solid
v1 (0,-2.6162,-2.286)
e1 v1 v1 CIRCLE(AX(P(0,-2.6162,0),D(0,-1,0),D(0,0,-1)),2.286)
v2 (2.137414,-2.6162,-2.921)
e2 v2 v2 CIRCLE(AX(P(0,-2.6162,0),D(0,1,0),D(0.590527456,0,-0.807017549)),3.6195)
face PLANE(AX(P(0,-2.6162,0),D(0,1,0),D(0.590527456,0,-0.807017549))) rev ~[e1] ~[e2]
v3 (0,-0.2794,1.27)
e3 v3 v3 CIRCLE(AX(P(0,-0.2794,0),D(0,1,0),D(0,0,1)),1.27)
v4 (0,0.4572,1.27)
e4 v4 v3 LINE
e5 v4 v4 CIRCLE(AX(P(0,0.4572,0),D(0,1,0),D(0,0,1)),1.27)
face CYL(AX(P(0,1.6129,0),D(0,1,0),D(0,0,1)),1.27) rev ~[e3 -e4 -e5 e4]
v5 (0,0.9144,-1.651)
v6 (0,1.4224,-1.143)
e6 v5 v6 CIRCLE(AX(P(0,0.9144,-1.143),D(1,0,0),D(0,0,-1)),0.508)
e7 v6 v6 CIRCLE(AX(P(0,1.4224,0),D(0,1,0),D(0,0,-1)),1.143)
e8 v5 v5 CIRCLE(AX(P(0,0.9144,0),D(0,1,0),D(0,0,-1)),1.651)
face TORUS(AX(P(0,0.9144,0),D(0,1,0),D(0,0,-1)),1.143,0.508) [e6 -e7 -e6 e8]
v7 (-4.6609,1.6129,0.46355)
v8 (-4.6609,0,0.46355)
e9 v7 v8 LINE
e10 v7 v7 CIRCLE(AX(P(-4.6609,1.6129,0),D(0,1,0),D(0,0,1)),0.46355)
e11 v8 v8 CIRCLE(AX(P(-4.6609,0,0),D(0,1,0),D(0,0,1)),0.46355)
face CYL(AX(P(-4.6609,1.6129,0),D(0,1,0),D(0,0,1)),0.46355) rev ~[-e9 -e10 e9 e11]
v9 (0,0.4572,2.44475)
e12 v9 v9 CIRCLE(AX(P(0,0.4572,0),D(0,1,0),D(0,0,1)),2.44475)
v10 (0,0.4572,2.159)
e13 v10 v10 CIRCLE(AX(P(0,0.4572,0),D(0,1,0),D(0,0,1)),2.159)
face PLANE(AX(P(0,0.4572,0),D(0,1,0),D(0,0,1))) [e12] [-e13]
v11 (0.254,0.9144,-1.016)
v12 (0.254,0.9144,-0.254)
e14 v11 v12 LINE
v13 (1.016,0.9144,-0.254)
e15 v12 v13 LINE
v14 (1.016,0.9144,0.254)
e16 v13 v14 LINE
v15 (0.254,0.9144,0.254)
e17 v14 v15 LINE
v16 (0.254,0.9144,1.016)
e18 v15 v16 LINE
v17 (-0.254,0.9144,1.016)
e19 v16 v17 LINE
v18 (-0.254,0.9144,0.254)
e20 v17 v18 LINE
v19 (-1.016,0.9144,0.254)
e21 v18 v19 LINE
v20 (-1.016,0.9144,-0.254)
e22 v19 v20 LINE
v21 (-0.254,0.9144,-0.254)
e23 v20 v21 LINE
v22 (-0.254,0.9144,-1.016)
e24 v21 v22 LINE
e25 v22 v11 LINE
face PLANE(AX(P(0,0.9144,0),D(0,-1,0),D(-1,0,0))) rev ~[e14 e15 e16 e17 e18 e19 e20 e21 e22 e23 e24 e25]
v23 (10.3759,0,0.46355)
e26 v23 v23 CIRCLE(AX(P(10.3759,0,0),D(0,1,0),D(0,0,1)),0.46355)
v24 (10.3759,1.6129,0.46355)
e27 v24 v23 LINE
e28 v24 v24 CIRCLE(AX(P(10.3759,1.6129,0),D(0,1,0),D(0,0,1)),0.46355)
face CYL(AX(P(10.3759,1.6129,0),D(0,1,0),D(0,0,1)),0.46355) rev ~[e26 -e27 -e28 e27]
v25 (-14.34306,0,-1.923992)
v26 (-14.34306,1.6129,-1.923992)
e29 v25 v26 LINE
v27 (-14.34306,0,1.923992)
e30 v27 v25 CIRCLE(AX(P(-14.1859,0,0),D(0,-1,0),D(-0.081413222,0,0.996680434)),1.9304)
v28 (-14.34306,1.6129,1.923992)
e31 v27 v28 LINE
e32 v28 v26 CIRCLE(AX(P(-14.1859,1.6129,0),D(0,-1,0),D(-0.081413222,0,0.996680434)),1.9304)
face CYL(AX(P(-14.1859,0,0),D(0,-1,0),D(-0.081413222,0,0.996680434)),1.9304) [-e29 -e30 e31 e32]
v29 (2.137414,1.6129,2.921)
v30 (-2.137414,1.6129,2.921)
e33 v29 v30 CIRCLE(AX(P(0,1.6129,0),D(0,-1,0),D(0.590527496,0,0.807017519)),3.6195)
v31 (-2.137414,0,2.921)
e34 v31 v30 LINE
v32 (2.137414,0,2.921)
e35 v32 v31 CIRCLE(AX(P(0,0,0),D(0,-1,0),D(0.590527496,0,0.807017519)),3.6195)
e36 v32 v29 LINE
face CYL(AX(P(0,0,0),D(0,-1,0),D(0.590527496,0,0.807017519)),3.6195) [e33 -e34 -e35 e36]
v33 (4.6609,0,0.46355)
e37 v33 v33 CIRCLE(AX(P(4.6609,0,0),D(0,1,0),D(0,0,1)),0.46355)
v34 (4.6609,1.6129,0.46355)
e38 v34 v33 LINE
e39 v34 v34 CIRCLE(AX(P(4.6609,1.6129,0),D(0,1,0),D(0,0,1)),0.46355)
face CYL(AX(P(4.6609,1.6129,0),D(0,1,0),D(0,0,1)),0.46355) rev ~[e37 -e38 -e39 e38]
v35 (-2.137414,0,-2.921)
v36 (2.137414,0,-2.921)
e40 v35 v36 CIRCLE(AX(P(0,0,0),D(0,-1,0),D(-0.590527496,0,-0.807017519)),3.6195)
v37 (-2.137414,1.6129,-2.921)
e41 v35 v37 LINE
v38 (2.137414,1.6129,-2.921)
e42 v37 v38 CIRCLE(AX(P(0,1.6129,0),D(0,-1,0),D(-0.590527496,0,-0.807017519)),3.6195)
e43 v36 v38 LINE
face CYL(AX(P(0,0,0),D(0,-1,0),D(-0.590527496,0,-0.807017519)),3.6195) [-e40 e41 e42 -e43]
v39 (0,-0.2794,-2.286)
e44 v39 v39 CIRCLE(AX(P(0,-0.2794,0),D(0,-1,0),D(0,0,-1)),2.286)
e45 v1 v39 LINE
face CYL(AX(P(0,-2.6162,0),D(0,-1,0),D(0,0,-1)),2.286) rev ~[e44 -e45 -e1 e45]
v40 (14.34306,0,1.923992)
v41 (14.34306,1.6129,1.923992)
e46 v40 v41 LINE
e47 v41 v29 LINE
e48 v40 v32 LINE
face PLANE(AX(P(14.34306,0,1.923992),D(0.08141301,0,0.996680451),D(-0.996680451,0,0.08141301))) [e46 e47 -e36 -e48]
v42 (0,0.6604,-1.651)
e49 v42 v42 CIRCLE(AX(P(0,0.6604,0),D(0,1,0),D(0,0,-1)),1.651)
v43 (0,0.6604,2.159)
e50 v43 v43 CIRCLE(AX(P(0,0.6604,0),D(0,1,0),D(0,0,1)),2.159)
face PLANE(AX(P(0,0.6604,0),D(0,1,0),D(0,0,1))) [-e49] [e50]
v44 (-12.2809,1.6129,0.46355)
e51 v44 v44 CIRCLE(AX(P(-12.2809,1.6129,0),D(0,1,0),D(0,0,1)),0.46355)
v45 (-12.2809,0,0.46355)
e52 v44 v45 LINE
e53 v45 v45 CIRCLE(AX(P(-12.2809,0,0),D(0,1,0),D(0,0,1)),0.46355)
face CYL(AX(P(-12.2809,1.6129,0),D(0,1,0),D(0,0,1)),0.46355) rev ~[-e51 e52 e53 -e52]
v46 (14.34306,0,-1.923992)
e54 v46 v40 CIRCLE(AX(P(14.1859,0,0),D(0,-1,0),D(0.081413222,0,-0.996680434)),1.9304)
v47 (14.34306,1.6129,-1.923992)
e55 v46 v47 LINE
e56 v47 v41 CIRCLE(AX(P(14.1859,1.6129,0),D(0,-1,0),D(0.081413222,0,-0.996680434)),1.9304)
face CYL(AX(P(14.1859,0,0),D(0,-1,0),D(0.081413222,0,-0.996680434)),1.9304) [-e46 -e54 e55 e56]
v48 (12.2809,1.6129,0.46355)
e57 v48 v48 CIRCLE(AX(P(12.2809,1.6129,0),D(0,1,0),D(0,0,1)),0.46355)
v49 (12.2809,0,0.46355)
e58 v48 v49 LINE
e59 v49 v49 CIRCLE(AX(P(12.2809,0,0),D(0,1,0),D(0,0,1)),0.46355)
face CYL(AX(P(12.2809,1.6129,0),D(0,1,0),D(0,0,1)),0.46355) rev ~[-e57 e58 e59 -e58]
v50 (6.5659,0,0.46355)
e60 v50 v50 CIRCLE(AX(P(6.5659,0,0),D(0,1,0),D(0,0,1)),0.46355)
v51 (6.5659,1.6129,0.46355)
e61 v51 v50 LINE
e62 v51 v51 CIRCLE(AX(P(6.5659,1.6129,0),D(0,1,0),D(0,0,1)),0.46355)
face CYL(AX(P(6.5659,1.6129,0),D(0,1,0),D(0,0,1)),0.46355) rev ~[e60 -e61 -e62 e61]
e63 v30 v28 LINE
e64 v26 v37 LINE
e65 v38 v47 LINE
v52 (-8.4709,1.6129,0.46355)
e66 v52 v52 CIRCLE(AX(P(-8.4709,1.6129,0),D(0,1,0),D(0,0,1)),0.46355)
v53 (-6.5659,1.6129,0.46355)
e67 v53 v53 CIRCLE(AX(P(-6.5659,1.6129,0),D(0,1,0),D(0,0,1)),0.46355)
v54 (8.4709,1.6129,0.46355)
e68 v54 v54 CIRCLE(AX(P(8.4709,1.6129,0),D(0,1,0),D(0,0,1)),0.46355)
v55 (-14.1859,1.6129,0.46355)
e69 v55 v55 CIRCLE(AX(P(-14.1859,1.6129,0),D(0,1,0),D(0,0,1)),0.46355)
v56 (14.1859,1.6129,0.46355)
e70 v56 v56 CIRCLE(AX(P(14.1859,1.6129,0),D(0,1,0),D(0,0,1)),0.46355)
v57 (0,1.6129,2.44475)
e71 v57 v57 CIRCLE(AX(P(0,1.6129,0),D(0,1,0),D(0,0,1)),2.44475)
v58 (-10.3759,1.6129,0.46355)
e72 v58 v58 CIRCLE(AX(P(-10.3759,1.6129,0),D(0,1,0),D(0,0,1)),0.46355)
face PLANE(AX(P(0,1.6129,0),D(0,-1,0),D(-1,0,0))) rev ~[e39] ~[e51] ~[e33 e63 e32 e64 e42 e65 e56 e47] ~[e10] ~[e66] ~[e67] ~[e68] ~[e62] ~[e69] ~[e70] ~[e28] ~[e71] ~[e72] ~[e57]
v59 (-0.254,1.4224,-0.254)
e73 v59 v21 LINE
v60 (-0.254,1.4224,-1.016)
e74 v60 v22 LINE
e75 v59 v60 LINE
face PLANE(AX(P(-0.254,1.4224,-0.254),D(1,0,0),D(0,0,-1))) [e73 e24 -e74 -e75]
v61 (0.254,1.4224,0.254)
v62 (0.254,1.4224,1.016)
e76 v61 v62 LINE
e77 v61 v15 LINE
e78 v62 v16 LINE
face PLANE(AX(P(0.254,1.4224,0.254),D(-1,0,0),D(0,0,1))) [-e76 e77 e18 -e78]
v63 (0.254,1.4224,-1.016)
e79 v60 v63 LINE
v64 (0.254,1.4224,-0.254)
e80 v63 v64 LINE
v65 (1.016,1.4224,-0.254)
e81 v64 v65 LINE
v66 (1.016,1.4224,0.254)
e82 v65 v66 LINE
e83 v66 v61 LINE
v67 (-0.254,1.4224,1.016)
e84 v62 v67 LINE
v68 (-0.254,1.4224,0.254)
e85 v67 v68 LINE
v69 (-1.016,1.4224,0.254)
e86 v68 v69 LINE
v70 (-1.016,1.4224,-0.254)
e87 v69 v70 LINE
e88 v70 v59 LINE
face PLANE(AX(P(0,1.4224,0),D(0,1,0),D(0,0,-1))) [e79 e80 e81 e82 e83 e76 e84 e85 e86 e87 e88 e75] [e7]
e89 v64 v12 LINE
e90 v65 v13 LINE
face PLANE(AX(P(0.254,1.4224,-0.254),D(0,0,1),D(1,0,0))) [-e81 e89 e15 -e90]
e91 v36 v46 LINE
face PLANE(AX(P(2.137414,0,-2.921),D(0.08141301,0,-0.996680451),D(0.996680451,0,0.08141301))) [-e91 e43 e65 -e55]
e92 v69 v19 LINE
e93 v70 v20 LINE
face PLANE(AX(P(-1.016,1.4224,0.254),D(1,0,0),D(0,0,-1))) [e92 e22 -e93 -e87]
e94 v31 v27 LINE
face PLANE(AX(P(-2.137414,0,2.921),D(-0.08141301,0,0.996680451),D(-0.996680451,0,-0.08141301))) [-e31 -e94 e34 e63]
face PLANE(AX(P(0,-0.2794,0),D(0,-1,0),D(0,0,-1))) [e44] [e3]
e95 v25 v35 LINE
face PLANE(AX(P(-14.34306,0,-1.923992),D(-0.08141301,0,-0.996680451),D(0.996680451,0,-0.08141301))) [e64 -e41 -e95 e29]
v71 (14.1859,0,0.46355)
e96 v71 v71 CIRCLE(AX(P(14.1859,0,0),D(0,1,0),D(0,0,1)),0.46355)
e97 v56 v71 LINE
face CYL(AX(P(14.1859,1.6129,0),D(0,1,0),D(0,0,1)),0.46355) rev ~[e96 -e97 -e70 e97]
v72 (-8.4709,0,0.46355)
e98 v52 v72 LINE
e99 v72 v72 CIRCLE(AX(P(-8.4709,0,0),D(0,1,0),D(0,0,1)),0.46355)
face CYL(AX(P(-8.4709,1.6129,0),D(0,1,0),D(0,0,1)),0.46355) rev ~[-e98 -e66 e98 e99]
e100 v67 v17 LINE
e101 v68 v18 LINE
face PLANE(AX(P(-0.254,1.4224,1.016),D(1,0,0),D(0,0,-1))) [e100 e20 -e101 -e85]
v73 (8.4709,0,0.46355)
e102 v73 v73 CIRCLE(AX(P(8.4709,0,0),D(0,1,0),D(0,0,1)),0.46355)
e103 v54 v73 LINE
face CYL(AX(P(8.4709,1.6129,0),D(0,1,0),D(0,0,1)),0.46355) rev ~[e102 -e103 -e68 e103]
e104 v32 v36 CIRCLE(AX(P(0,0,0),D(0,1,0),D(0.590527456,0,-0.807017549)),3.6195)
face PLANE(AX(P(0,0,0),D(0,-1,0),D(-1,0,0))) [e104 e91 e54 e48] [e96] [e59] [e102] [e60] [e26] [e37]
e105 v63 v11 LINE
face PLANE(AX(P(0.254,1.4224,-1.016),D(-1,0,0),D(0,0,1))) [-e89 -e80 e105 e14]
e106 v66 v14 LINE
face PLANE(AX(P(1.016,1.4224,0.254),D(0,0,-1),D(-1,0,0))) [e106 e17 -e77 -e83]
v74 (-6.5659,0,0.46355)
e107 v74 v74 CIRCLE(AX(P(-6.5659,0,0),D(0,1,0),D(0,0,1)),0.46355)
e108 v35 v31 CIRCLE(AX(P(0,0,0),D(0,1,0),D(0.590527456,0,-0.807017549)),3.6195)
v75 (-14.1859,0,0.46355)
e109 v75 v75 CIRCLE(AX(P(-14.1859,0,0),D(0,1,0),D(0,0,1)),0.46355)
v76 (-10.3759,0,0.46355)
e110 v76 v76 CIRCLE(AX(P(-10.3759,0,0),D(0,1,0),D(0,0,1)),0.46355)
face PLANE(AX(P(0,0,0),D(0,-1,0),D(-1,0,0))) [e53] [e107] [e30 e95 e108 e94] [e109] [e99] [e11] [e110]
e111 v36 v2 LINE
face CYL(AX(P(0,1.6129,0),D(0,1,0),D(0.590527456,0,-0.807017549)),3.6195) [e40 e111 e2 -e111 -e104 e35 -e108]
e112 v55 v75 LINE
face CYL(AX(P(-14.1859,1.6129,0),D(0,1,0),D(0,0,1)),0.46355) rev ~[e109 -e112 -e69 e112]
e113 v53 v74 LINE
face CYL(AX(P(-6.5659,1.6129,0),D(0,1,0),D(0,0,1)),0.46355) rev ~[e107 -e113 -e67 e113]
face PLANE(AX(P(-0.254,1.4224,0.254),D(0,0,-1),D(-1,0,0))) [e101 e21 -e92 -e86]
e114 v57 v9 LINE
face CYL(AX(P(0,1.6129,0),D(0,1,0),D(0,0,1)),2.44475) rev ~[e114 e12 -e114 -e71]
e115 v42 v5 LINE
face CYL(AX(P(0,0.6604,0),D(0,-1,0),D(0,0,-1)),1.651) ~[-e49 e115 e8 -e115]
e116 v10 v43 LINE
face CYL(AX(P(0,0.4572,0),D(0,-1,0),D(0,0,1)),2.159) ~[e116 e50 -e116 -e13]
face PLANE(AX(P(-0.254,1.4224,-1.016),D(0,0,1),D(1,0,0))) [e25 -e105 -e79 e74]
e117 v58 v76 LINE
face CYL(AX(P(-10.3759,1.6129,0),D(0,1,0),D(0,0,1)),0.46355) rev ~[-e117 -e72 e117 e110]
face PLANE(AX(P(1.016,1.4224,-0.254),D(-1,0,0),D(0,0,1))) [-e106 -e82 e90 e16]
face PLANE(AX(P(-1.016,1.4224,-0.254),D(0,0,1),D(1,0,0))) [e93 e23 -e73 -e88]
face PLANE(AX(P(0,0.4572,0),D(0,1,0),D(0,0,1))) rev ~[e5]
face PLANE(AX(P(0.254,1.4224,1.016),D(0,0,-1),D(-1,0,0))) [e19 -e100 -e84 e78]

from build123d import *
from build123d.topology import SkipClean

# Parameters (mm, degrees)
EXTRUDE17_DEPTH = 1.6129
SKETCH19_R      = 3.6195
EXTRUDE19_DEPTH = 4.2291
SKETCH20_R      = 0.46355
SKETCH20_R_2    = 1.27
EXTRUDE20_DEPTH = 18.050548
SKETCH21_R      = 2.44475
EXTRUDE21_DEPTH = 1.1557
SKETCH22_R      = 2.286
EXTRUDE22_DEPTH = 2.3368
SKETCH23_R      = 2.159
EXTRUDE23_DEPTH = 0.2032
SKETCH24_R      = 1.651
EXTRUDE24_DEPTH = 0.762
EXTRUDE25_DEPTH = 0.508
FILLET1_R       = 0.508


with BuildPart() as part:
    # Sketch18 → Extrude17 (new body)
    with BuildSketch(Plane(origin=(0, 0, 0), x_dir=(1, 0, 0), z_dir=(0, 1, 0))):
        with BuildLine():
            Line((-14.34306, 1.923992), (-2.137414, 2.921))
            ThreePointArc((-2.137414, 2.921), (0, 3.6195), (2.137414, 2.921))
            Line((2.137414, 2.921), (14.34306, 1.923992))
            ThreePointArc((14.34306, 1.923992), (16.1163, 0), (14.34306, -1.923992))
            Line((14.34306, -1.923992), (2.137414, -2.921))
            ThreePointArc((2.137414, -2.921), (0, -3.6195), (-2.137414, -2.921))
            Line((-2.137414, -2.921), (-14.34306, -1.923992))
            ThreePointArc((-14.34306, -1.923992), (-16.1163, 0), (-14.34306, 1.923992))
        make_face()
    extrude(amount=EXTRUDE17_DEPTH)

    # Sketch19 → Extrude19 (add)
    with SkipClean():  # the faces are left unmerged after this step: merging them gives an invalid solid
        with BuildSketch(Plane(origin=(0, 1.6129, 0), x_dir=(1, 0, 0), z_dir=(0, 1, 0))):
            with Locations(Location((0, 0, 0), (0, 0, 53.805553))):
                Circle(SKETCH19_R)
        extrude(amount=-EXTRUDE19_DEPTH)

    # Sketch20 → Extrude20 (cut, through all)
    with SkipClean():  # the faces are left unmerged after this step: merging them gives an invalid solid
        with BuildSketch(Plane(origin=(0, 1.6129, 0), x_dir=(1, 0, 0), z_dir=(0, 1, 0))):
            with Locations(Location((-14.1859, 0, 0), (0, 0, 270))):
                Circle(SKETCH20_R)
            with Locations(Location((0, 0, 0), (0, 0, 270))):
                Circle(SKETCH20_R_2)
            with Locations(Location((12.2809, 0, 0), (0, 0, 270))):
                Circle(SKETCH20_R)
            with Locations(Location((-4.6609, 0, 0), (0, 0, 270))):
                Circle(SKETCH20_R)
            with Locations(Location((-6.5659, 0, 0), (0, 0, 270))):
                Circle(SKETCH20_R)
            with Locations(Location((-8.4709, 0, 0), (0, 0, 270))):
                Circle(SKETCH20_R)
            with Locations(Location((-10.3759, 0, 0), (0, 0, 270))):
                Circle(SKETCH20_R)
            with Locations(Location((-12.2809, 0, 0), (0, 0, 270))):
                Circle(SKETCH20_R)
            with Locations(Location((10.3759, 0, 0), (0, 0, 270))):
                Circle(SKETCH20_R)
            with Locations(Location((8.4709, 0, 0), (0, 0, 270))):
                Circle(SKETCH20_R)
            with Locations(Location((6.5659, 0, 0), (0, 0, 270))):
                Circle(SKETCH20_R)
            with Locations(Location((4.6609, 0, 0), (0, 0, 270))):
                Circle(SKETCH20_R)
            with Locations(Location((14.1859, 0, 0), (0, 0, 270))):
                Circle(SKETCH20_R)
        extrude(amount=-EXTRUDE20_DEPTH, mode=Mode.SUBTRACT)

    # Sketch21 → Extrude21 (cut)
    with SkipClean():  # the faces are left unmerged after this step: merging them gives an invalid solid
        with BuildSketch(Plane(origin=(0, 1.6129, 0), x_dir=(1, 0, 0), z_dir=(0, 1, 0))):
            with Locations(Location((0, 0, 0), (0, 0, 270))):
                Circle(SKETCH21_R)
        extrude(amount=-EXTRUDE21_DEPTH, mode=Mode.SUBTRACT)

    # Sketch22 → Extrude22 (cut)
    with SkipClean():  # the faces are left unmerged after this step: merging them gives an invalid solid
        with BuildSketch(Plane.XZ.offset(2.6162)):
            with Locations(Location((0, 0, 0), (0, 0, 270))):
                Circle(SKETCH22_R)
        extrude(amount=-EXTRUDE22_DEPTH, mode=Mode.SUBTRACT)



with BuildPart() as body_2:
    # Sketch23 → Extrude23 (new body)
    with BuildSketch(Plane(origin=(0, 0.4572, 0), x_dir=(1, 0, 0), z_dir=(0, 1, 0))):
        with Locations(Location((0, 0, 0), (0, 0, 270))):
            Circle(SKETCH23_R)
    extrude(amount=EXTRUDE23_DEPTH)


with BuildPart() as part_1:
    with SkipClean():  # the faces are left unmerged after this step: merging them gives an invalid solid
        add(part.part)

        add(body_2.part)  # Extrude24 merges body 2
        # Sketch24 → Extrude24 (add)
        with BuildSketch(Plane(origin=(0, 0.6604, 0), x_dir=(1, 0, 0), z_dir=(0, 1, 0))):
            with Locations(Location((0, 0, 0), (0, 0, 90))):
                Circle(SKETCH24_R)
        extrude(amount=EXTRUDE24_DEPTH)

    # Sketch25 → Extrude25 (cut)
    with SkipClean():  # the faces are left unmerged after this step: merging them gives an invalid solid
        with BuildSketch(Plane(origin=(0, 1.4224, 0), x_dir=(1, 0, 0), z_dir=(0, 1, 0))):
            Polygon((0.254, -1.016), (-0.254, -1.016), (-0.254, -0.254), (-1.016, -0.254), (-1.016, 0.254), (-0.254, 0.254), (-0.254, 1.016), (0.254, 1.016), (0.254, 0.254), (1.016, 0.254), (1.016, -0.254), (0.254, -0.254), align=None)
        extrude(amount=-EXTRUDE25_DEPTH, mode=Mode.SUBTRACT)

    # Fillet1
    fillet1_edges = [part_1.edges().sort_by_distance(p)[0] for p in [
        (0, 1.4224, 1.651),
    ]]
    fillet(fillet1_edges, radius=FILLET1_R)


solid = part_1.part
